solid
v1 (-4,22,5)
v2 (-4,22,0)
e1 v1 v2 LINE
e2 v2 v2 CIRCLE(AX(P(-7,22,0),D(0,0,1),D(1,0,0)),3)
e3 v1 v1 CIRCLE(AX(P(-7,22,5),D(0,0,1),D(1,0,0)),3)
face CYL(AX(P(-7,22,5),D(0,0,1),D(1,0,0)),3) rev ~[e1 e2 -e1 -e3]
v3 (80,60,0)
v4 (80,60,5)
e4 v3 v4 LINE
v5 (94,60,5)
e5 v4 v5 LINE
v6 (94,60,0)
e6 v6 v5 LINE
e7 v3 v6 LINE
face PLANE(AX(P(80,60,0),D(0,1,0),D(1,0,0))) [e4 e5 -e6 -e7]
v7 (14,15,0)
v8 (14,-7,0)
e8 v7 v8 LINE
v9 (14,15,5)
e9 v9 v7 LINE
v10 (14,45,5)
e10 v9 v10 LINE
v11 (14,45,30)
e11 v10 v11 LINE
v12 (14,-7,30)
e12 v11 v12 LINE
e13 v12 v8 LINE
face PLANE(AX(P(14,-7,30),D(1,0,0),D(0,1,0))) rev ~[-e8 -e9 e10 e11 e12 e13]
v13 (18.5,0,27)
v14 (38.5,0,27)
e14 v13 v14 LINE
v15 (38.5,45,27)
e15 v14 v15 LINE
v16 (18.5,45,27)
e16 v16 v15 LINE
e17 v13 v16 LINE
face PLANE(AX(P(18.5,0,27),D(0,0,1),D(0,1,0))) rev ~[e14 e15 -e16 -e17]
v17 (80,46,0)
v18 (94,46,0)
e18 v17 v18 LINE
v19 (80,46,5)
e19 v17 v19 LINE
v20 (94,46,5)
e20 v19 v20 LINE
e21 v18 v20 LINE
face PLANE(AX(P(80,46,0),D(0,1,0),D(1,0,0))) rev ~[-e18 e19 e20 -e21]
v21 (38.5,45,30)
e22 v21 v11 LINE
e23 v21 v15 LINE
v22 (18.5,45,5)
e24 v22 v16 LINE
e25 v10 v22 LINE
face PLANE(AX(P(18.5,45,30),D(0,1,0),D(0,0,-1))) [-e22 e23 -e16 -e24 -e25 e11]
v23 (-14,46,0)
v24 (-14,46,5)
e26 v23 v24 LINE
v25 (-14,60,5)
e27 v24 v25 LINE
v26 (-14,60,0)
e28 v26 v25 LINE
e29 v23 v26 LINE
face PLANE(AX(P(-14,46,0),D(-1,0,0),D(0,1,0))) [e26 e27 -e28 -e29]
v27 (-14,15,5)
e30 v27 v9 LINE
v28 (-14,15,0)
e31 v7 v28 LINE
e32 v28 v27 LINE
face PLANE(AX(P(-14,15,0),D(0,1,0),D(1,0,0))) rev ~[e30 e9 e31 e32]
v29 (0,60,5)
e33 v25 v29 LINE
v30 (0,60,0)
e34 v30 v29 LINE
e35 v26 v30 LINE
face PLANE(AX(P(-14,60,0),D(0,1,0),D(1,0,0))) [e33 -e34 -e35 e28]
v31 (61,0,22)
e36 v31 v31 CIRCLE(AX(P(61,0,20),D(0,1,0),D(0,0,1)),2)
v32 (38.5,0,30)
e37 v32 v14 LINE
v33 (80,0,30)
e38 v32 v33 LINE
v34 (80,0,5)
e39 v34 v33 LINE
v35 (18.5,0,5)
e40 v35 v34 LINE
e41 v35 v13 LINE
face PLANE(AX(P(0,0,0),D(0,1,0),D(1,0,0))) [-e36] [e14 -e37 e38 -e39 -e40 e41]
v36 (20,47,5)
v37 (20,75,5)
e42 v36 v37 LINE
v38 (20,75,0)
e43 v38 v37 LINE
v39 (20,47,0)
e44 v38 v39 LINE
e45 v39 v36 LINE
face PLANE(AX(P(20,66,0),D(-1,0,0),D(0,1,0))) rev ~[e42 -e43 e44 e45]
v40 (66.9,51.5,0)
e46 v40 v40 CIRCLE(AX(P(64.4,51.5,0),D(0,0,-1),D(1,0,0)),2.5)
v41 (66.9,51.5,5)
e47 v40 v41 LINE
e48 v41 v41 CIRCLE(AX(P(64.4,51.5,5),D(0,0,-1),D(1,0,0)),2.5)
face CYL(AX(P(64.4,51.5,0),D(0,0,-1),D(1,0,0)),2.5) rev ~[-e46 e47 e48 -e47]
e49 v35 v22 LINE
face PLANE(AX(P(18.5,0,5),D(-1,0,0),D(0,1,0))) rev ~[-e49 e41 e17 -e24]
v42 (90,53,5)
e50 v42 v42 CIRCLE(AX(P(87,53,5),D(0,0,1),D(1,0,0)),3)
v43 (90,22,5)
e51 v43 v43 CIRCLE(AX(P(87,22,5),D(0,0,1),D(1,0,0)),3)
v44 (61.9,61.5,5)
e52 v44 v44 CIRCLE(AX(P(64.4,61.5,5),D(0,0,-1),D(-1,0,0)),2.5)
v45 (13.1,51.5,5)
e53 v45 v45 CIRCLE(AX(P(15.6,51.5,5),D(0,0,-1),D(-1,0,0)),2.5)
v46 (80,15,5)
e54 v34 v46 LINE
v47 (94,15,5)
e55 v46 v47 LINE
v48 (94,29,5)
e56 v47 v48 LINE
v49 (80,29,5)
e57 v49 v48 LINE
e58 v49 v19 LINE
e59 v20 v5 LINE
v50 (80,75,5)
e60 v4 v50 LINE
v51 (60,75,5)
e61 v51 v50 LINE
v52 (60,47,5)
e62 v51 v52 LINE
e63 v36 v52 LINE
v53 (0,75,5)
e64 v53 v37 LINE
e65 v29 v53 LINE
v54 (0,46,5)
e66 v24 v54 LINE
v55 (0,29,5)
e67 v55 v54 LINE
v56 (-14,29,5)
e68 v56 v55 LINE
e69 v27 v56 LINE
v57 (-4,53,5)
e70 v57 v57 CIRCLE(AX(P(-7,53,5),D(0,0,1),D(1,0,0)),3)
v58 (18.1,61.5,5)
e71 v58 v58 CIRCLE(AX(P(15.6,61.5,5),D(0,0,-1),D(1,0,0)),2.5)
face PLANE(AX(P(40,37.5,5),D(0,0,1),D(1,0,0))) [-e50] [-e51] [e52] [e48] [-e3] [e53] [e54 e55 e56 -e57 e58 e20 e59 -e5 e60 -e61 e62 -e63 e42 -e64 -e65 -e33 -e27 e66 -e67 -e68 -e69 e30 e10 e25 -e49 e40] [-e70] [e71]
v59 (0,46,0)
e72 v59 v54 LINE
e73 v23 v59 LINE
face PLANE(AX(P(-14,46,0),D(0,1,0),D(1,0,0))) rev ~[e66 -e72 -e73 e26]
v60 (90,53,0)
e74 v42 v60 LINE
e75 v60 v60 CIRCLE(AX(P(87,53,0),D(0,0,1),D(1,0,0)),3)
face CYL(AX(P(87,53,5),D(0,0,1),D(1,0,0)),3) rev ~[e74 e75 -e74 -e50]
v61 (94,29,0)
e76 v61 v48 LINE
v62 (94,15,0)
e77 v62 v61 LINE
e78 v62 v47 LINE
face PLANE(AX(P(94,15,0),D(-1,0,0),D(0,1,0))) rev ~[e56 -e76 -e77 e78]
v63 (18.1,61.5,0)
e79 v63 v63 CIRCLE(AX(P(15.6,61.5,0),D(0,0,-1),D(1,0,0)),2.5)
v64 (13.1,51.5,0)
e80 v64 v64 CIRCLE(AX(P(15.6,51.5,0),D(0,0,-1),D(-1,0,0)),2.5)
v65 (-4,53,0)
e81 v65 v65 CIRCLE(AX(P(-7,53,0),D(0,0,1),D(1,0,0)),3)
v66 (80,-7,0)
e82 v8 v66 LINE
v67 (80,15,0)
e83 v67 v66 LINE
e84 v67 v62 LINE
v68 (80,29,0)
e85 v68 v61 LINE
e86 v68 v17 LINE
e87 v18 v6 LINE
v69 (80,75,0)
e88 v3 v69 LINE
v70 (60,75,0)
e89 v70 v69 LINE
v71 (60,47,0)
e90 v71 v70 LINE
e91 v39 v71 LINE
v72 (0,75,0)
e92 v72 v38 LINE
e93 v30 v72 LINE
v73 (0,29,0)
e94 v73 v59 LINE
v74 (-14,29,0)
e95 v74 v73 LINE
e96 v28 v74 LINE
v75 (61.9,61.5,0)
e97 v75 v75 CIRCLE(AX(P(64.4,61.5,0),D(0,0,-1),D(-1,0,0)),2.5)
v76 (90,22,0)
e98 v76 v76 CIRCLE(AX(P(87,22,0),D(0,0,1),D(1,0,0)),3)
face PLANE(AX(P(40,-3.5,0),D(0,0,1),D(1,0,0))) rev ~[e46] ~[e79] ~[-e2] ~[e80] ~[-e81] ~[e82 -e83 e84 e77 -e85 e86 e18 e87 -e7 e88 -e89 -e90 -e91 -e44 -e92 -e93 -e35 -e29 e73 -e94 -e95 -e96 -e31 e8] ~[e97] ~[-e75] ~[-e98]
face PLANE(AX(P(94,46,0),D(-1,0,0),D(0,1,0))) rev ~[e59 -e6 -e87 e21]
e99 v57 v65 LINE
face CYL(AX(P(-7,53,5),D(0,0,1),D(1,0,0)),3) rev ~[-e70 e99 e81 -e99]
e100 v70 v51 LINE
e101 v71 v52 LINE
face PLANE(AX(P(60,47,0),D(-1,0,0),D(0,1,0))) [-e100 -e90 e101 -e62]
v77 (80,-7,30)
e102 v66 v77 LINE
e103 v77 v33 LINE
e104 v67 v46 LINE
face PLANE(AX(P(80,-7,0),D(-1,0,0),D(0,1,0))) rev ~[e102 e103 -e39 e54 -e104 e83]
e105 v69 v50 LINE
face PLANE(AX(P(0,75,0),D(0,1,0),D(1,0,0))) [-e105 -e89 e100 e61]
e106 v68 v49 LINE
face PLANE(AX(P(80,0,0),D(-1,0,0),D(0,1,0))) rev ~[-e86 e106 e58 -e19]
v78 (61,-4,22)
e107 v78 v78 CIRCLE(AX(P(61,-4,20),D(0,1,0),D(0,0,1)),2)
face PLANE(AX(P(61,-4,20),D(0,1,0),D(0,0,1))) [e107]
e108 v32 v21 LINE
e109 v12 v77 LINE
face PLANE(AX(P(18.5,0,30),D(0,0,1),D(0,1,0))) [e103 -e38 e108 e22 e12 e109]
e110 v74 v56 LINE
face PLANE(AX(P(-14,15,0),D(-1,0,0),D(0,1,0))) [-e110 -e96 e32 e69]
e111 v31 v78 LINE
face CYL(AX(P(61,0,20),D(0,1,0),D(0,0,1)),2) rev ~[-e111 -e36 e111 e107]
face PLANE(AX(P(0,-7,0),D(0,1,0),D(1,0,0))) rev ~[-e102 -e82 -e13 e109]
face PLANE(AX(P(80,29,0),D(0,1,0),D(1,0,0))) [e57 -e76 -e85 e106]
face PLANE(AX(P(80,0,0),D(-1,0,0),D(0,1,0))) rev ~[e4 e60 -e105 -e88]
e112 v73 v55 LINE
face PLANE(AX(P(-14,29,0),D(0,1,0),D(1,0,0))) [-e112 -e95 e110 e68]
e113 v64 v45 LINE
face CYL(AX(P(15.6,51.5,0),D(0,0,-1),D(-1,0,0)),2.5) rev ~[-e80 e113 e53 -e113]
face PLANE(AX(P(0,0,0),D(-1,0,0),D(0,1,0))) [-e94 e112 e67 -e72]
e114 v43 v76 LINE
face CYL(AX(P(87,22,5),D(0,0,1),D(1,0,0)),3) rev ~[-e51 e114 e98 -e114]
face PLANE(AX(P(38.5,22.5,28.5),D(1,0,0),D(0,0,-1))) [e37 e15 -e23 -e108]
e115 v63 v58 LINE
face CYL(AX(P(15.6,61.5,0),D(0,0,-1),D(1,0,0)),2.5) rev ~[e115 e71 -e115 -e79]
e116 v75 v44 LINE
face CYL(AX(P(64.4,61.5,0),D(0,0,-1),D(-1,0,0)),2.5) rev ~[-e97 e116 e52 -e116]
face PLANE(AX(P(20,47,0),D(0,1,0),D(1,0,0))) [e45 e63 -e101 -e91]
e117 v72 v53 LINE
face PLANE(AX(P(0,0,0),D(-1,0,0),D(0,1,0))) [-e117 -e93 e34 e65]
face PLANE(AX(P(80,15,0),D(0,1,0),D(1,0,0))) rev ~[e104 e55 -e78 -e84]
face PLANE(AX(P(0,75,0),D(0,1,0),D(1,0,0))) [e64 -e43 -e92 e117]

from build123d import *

# Parameters (mm, degrees)
ESQUISSE1_W             = 80
ESQUISSE1_H             = 75
ESQUISSE1_W_2           = 40
ESQUISSE1_H_2           = 19
ESQUISSE1_W_3           = 14
ESQUISSE1_H_3           = 14
BOSS_EXTRU_1_DEPTH      = 5
ENL_V_MAT_EXTRU_1_REACH = 122.358
ESQUISSE2_R             = 3
ESQUISSE3_W             = 80
ESQUISSE3_H             = 7
BOSS_EXTRU_2_DEPTH      = 30
ENL_V_MAT_EXTRU_2_REACH = 125.94
ESQUISSE4_R             = 2.5
ENL_V_MAT_EXTRU_3_REACH = 125.94
ESQUISSE5_W             = 40
ESQUISSE5_H             = 9
ESQUISSE6_R             = 2
ENL_V_MAT_EXTRU_4_DEPTH = 4
ESQUISSE7_W             = 4.5
ESQUISSE7_H             = 45
BOSS_EXTRU_3_DEPTH      = 25
ESQUISSE8_W             = 3
ESQUISSE8_H             = 45
BOSS_EXTRU_4_DEPTH      = 20
ENL_V_MAT_EXTRU_5_REACH = 124.825
ESQUISSE9_W             = 14
ESQUISSE9_H             = 15
ENL_V_MAT_EXTRU_9_REACH = 125.94
ESQUISSE11_W            = 14
ESQUISSE11_H            = 7


with BuildPart() as part:
    # Esquisse1 → Boss.-Extru.1 (new body)
    # profile 1 of 5: a face of its own
    with BuildSketch(Plane.XY):
        with Locations((40, 37.5)):
            Rectangle(ESQUISSE1_W, ESQUISSE1_H)
        with Locations((40, 56.5)):
            Rectangle(ESQUISSE1_W_2, ESQUISSE1_H_2, mode=Mode.SUBTRACT)
    # profile 2 of 5: a face of its own
    with BuildSketch(Plane.XY):
        with Locations((-7, 53)):
            Rectangle(ESQUISSE1_W_3, ESQUISSE1_H_3)
    # profile 3 of 5: a face of its own
    with BuildSketch(Plane.XY):
        with Locations((-7, 22)):
            Rectangle(ESQUISSE1_W_3, ESQUISSE1_H_3)
    # profile 4 of 5: a face of its own
    with BuildSketch(Plane.XY):
        with Locations((87, 53)):
            Rectangle(ESQUISSE1_W_3, ESQUISSE1_H_3)
    # profile 5 of 5: a face of its own
    with BuildSketch(Plane.XY):
        with Locations((87, 22)):
            Rectangle(ESQUISSE1_W_3, ESQUISSE1_H_3)
    extrude(amount=BOSS_EXTRU_1_DEPTH)

    # Esquisse2 → Enlèv. mat.-Extru.1 (cut, up to next)
    with BuildSketch(Plane.XY.offset(5), mode=Mode.PRIVATE) as enl_v_mat_extru_1_sk1:
        with Locations((-7, 53)):
            Circle(ESQUISSE2_R)
    enl_v_mat_extru_1_tool1 = extrude(enl_v_mat_extru_1_sk1.sketch, amount=-ENL_V_MAT_EXTRU_1_REACH, mode=Mode.PRIVATE) & part.part
    # Esquisse2 → Enlèv. mat.-Extru.1 (cut, up to next)
    with BuildSketch(Plane.XY.offset(5), mode=Mode.PRIVATE) as enl_v_mat_extru_1_sk2:
        with Locations((-7, 22)):
            Circle(ESQUISSE2_R)
    enl_v_mat_extru_1_tool2 = extrude(enl_v_mat_extru_1_sk2.sketch, amount=-ENL_V_MAT_EXTRU_1_REACH, mode=Mode.PRIVATE) & part.part
    # Esquisse2 → Enlèv. mat.-Extru.1 (cut, up to next)
    with BuildSketch(Plane.XY.offset(5), mode=Mode.PRIVATE) as enl_v_mat_extru_1_sk3:
        with Locations((87, 22)):
            Circle(ESQUISSE2_R)
    enl_v_mat_extru_1_tool3 = extrude(enl_v_mat_extru_1_sk3.sketch, amount=-ENL_V_MAT_EXTRU_1_REACH, mode=Mode.PRIVATE) & part.part
    # Esquisse2 → Enlèv. mat.-Extru.1 (cut, up to next)
    with BuildSketch(Plane.XY.offset(5), mode=Mode.PRIVATE) as enl_v_mat_extru_1_sk4:
        with Locations((87, 53)):
            Circle(ESQUISSE2_R)
    enl_v_mat_extru_1_tool4 = extrude(enl_v_mat_extru_1_sk4.sketch, amount=-ENL_V_MAT_EXTRU_1_REACH, mode=Mode.PRIVATE) & part.part
    add(enl_v_mat_extru_1_tool1.solids().sort_by_distance((-7, 53, 5))[0], mode=Mode.SUBTRACT)
    add(enl_v_mat_extru_1_tool2.solids().sort_by_distance((-7, 22, 5))[0], mode=Mode.SUBTRACT)
    add(enl_v_mat_extru_1_tool3.solids().sort_by_distance((87, 22, 5))[0], mode=Mode.SUBTRACT)
    add(enl_v_mat_extru_1_tool4.solids().sort_by_distance((87, 53, 5))[0], mode=Mode.SUBTRACT)

    # Esquisse3 → Boss.-Extru.2 (add)
    with BuildSketch(Plane.XY):
        with Locations((40, -3.5)):
            Rectangle(ESQUISSE3_W, ESQUISSE3_H)
    extrude(amount=BOSS_EXTRU_2_DEPTH)

    # Esquisse4 → Enlèv. mat.-Extru.2 (cut, up to next)
    with BuildSketch(Plane(origin=(0, 0, 0), x_dir=(-1, 0, 0), z_dir=(0, 0, -1)), mode=Mode.PRIVATE) as enl_v_mat_extru_2_sk1:
        with Locations((-64.4, 61.5)):
            Circle(ESQUISSE4_R)
    enl_v_mat_extru_2_tool1 = extrude(enl_v_mat_extru_2_sk1.sketch, amount=-ENL_V_MAT_EXTRU_2_REACH, mode=Mode.PRIVATE) & part.part
    # Esquisse4 → Enlèv. mat.-Extru.2 (cut, up to next)
    with BuildSketch(Plane(origin=(0, 0, 0), x_dir=(-1, 0, 0), z_dir=(0, 0, -1)), mode=Mode.PRIVATE) as enl_v_mat_extru_2_sk2:
        with Locations(Location((-15.6, 61.5, 0), (0, 0, 180))):
            Circle(ESQUISSE4_R)
    enl_v_mat_extru_2_tool2 = extrude(enl_v_mat_extru_2_sk2.sketch, amount=-ENL_V_MAT_EXTRU_2_REACH, mode=Mode.PRIVATE) & part.part
    # Esquisse4 → Enlèv. mat.-Extru.2 (cut, up to next)
    with BuildSketch(Plane(origin=(0, 0, 0), x_dir=(-1, 0, 0), z_dir=(0, 0, -1)), mode=Mode.PRIVATE) as enl_v_mat_extru_2_sk3:
        with Locations((-15.6, 51.5)):
            Circle(ESQUISSE4_R)
    enl_v_mat_extru_2_tool3 = extrude(enl_v_mat_extru_2_sk3.sketch, amount=-ENL_V_MAT_EXTRU_2_REACH, mode=Mode.PRIVATE) & part.part
    # Esquisse4 → Enlèv. mat.-Extru.2 (cut, up to next)
    with BuildSketch(Plane(origin=(0, 0, 0), x_dir=(-1, 0, 0), z_dir=(0, 0, -1)), mode=Mode.PRIVATE) as enl_v_mat_extru_2_sk4:
        with Locations(Location((-64.4, 51.5, 0), (0, 0, 180))):
            Circle(ESQUISSE4_R)
    enl_v_mat_extru_2_tool4 = extrude(enl_v_mat_extru_2_sk4.sketch, amount=-ENL_V_MAT_EXTRU_2_REACH, mode=Mode.PRIVATE) & part.part
    add(enl_v_mat_extru_2_tool1.solids().sort_by_distance((64.4, 61.5, 0))[0], mode=Mode.SUBTRACT)
    add(enl_v_mat_extru_2_tool2.solids().sort_by_distance((15.6, 61.5, 0))[0], mode=Mode.SUBTRACT)
    add(enl_v_mat_extru_2_tool3.solids().sort_by_distance((15.6, 51.5, 0))[0], mode=Mode.SUBTRACT)
    add(enl_v_mat_extru_2_tool4.solids().sort_by_distance((64.4, 51.5, 0))[0], mode=Mode.SUBTRACT)

    # Esquisse5 → Enlèv. mat.-Extru.3 (cut, up to next)
    with BuildSketch(Plane(origin=(0, 0, 0), x_dir=(-1, 0, 0), z_dir=(0, 0, -1)), mode=Mode.PRIVATE) as enl_v_mat_extru_3_sk1:
        with Locations((-40, 70.5)):
            Rectangle(ESQUISSE5_W, ESQUISSE5_H)
    enl_v_mat_extru_3_tool1 = extrude(enl_v_mat_extru_3_sk1.sketch, amount=-ENL_V_MAT_EXTRU_3_REACH, mode=Mode.PRIVATE) & part.part
    add(enl_v_mat_extru_3_tool1.solids().sort_by_distance((40, 70.5, 0))[0], mode=Mode.SUBTRACT)

    # Esquisse6 → Enlèv. mat.-Extru.4 (cut)
    with BuildSketch(Plane(origin=(0, 0, 0), x_dir=(1, 0, 0), z_dir=(0, 1, 0))):
        with Locations(Location((61, -20, 0), (0, 0, 270))):
            Circle(ESQUISSE6_R)
    extrude(amount=-ENL_V_MAT_EXTRU_4_DEPTH, mode=Mode.SUBTRACT)

    # Esquisse7 → Boss.-Extru.3 (add)
    with BuildSketch(Plane.XY.offset(5)):
        with Locations((16.25, 22.5)):
            Rectangle(ESQUISSE7_W, ESQUISSE7_H)
    extrude(amount=BOSS_EXTRU_3_DEPTH)

    # Esquisse8 → Boss.-Extru.4 (add)
    with BuildSketch(Plane(origin=(18.5, 0, 0), x_dir=(0, 0, -1), z_dir=(1, 0, 0))):
        with Locations((-28.5, 22.5)):
            Rectangle(ESQUISSE8_W, ESQUISSE8_H)
    extrude(amount=BOSS_EXTRU_4_DEPTH)

    # Esquisse9 → Enlèv. mat.-Extru.5 (cut, up to next)
    with BuildSketch(Plane.XY.offset(5), mode=Mode.PRIVATE) as enl_v_mat_extru_5_sk1:
        with Locations((7, 7.5)):
            Rectangle(ESQUISSE9_W, ESQUISSE9_H)
    enl_v_mat_extru_5_tool1 = extrude(enl_v_mat_extru_5_sk1.sketch, amount=-ENL_V_MAT_EXTRU_5_REACH, mode=Mode.PRIVATE) & part.part
    add(enl_v_mat_extru_5_tool1.solids().sort_by_distance((7, 7.5, 5))[0], mode=Mode.SUBTRACT)

    # Esquisse11 → Enlèv. mat.-Extru.9 (cut, up to next)
    with BuildSketch(Plane.XY.offset(30), mode=Mode.PRIVATE) as enl_v_mat_extru_9_sk1:
        with Locations((7, -3.5)):
            Rectangle(ESQUISSE11_W, ESQUISSE11_H)
    enl_v_mat_extru_9_tool1 = extrude(enl_v_mat_extru_9_sk1.sketch, amount=-ENL_V_MAT_EXTRU_9_REACH, mode=Mode.PRIVATE) & part.part
    add(enl_v_mat_extru_9_tool1.solids().sort_by_distance((7, -3.5, 30))[0], mode=Mode.SUBTRACT)


solid = part.part
